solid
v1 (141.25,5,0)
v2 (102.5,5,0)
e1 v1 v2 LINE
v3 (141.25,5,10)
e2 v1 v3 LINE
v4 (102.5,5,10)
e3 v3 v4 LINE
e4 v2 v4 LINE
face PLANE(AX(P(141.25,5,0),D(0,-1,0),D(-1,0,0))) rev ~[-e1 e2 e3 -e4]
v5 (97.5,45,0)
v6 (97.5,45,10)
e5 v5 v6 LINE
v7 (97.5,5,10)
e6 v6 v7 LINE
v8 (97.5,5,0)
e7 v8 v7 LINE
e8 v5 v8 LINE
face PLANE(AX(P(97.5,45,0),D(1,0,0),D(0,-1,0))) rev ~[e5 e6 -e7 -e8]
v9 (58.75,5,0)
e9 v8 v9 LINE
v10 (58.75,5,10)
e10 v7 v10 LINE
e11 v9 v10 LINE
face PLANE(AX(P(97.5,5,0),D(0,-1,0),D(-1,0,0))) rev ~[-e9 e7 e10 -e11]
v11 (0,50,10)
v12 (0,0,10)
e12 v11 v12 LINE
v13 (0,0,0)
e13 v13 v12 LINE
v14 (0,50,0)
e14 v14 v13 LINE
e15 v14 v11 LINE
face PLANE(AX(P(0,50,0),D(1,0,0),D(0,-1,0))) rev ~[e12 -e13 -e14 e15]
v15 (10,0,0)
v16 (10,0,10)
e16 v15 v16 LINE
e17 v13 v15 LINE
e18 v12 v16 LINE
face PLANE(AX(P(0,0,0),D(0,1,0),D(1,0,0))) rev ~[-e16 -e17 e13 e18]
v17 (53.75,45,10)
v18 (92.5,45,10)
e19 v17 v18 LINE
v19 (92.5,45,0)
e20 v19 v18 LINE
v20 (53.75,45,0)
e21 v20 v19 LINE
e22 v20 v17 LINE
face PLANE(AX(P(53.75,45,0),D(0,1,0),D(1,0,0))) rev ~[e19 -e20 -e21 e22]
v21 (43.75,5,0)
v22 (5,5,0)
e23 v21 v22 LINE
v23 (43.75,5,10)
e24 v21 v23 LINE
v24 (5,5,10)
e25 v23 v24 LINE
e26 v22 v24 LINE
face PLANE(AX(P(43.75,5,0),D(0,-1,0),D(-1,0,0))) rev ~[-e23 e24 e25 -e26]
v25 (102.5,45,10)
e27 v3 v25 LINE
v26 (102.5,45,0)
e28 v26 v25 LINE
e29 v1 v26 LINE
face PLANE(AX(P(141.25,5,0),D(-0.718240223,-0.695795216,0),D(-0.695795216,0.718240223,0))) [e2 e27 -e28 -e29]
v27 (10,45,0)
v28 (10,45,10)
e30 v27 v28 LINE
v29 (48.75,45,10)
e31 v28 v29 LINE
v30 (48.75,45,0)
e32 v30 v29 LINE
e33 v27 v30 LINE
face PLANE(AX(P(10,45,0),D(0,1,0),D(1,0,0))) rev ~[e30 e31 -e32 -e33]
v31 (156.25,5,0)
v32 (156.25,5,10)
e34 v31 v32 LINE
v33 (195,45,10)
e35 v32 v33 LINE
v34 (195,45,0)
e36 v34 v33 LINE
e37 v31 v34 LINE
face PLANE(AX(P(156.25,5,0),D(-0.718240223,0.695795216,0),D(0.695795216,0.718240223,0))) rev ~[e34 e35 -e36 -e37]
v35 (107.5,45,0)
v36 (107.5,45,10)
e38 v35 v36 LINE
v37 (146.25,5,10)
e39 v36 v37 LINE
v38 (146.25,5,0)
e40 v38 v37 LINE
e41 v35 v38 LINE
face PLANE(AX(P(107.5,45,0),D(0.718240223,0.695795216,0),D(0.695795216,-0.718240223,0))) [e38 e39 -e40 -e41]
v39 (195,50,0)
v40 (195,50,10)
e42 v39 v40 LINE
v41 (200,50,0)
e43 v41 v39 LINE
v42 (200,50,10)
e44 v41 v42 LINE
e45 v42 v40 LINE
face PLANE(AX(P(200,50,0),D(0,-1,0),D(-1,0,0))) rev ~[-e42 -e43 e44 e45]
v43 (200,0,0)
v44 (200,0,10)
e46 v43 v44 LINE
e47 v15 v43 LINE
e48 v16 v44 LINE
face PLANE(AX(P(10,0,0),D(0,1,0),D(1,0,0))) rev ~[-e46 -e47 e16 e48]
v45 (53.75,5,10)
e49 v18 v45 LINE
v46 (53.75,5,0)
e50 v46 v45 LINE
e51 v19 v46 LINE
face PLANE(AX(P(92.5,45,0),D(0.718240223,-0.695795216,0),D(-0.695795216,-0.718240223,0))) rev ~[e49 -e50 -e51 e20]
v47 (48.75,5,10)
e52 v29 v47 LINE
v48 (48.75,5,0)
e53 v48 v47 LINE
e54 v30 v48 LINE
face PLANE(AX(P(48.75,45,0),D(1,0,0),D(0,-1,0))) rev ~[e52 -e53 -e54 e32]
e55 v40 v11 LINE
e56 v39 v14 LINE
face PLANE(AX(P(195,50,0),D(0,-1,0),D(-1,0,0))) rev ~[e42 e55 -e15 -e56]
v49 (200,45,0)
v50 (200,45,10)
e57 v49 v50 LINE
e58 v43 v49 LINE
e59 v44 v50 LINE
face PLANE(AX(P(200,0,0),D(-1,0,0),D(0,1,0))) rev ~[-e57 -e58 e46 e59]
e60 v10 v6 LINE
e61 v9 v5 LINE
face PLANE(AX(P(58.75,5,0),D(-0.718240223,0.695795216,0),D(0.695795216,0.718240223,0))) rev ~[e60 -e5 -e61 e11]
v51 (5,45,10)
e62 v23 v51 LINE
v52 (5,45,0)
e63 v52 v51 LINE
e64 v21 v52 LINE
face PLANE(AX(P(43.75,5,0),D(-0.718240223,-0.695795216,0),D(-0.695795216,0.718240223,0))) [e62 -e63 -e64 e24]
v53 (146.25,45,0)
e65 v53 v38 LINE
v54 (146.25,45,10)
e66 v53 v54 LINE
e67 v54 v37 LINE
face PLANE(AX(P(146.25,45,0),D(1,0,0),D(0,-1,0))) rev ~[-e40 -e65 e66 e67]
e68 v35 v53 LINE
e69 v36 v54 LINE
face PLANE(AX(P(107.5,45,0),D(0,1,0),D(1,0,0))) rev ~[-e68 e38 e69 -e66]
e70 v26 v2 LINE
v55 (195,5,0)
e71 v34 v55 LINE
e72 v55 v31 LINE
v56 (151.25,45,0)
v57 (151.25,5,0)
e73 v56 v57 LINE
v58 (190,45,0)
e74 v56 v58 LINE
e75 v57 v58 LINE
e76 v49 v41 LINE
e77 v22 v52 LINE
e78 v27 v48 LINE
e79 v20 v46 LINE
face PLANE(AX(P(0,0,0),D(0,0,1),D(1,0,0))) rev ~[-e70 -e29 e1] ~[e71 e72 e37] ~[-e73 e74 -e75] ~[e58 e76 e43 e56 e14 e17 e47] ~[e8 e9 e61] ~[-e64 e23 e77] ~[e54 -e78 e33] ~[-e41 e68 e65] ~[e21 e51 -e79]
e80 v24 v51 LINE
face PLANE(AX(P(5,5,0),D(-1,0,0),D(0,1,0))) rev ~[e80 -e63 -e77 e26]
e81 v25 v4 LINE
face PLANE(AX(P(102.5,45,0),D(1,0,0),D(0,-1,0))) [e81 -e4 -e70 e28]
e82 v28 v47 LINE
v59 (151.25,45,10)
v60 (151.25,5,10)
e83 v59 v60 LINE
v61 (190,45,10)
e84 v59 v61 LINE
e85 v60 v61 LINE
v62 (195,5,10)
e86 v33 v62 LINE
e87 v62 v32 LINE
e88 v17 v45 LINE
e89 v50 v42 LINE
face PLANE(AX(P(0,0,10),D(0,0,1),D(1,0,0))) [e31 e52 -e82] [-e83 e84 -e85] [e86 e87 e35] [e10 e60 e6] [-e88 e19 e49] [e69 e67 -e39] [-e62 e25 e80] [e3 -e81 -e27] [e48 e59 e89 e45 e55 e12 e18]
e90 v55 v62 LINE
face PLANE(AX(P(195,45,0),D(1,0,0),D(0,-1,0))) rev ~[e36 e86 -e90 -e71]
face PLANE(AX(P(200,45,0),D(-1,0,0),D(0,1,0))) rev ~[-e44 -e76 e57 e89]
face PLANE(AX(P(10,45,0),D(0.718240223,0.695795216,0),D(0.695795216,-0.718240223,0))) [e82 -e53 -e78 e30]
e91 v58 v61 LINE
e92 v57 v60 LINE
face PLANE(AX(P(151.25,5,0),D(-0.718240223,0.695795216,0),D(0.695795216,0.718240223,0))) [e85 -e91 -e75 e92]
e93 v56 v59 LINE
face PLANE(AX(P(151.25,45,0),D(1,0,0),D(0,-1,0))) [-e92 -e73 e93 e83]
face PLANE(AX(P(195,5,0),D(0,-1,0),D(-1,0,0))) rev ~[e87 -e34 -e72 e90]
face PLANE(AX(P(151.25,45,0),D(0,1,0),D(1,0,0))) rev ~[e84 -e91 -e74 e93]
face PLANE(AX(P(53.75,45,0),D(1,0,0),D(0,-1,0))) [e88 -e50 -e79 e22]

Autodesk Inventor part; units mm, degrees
ref_plane "YZ Plane" through (0, 0, 0) normal (1, 0, 0) x (0, 1, 0)
ref_plane "XZ Plane" through (0, 0, 0) normal (0, 1, 0) x (-1, 0, 0)
ref_plane "XY Plane" through (0, 0, 0) normal (0, 0, 1) x (1, 0, 0)
sketch "Szkic1" plane through (0, 0, 0) normal (0, 0, 1) x (1, 0, 0)
  line L0 (0, 0) -> (200, 0)
  line L1 (0, 0) -> (200, 0)
  line L2 (200, 0) -> (200, 50)
  line L3 (200, 50) -> (0, 50)
  line L4 (0, 50) -> (0, 0)
  line L5 (0, 0) -> (10, 0)
  line L6 (200, 50) -> (195, 50)
  line L7 (200, 50) -> (200, 45)
  line L8 (200, 50) -> (195, 50)
  line L9 (200, 50) -> (200, 45)
  line L10 (195, 45) -> (195, 5)
  line L11 (195, 5) -> (156.25, 5)
  line L12 (5, 5) -> (5, 45)
  line L13 (102.5, 45) -> (102.5, 5)
  line L14 (97.5, 45) -> (97.5, 5)
  line L15 (53.75, 45) -> (53.75, 5)
  line L16 (48.75, 45) -> (48.75, 5)
  line L17 (151.25, 45) -> (151.25, 5)
  line L18 (146.25, 45) -> (146.25, 5)
  line L19 (10, 45) -> (48.75, 5)
  line L20 (43.75, 5) -> (5, 45)
  line L21 (58.75, 5) -> (97.5, 45)
  line L22 (92.5, 45) -> (53.75, 5)
  line L23 (107.5, 45) -> (146.25, 5)
  line L24 (141.25, 5) -> (102.5, 45)
  line L25 (156.25, 5) -> (195, 45)
  line L26 (151.25, 5) -> (190, 45)
  line L27 (10, 45) -> (48.75, 45)
  line L28 (53.75, 45) -> (92.5, 45)
  line L29 (107.5, 45) -> (146.25, 45)
  line L30 (151.25, 45) -> (190, 45)
  line L31 (43.75, 5) -> (5, 5)
  line L32 (97.5, 5) -> (58.75, 5)
  line L33 (141.25, 5) -> (102.5, 5)
  dimension "d2" = 50
extrude "Wyciągnięcie proste1" add sketch "Szkic1" along normal blind 10
properties part number "Kratownica"
